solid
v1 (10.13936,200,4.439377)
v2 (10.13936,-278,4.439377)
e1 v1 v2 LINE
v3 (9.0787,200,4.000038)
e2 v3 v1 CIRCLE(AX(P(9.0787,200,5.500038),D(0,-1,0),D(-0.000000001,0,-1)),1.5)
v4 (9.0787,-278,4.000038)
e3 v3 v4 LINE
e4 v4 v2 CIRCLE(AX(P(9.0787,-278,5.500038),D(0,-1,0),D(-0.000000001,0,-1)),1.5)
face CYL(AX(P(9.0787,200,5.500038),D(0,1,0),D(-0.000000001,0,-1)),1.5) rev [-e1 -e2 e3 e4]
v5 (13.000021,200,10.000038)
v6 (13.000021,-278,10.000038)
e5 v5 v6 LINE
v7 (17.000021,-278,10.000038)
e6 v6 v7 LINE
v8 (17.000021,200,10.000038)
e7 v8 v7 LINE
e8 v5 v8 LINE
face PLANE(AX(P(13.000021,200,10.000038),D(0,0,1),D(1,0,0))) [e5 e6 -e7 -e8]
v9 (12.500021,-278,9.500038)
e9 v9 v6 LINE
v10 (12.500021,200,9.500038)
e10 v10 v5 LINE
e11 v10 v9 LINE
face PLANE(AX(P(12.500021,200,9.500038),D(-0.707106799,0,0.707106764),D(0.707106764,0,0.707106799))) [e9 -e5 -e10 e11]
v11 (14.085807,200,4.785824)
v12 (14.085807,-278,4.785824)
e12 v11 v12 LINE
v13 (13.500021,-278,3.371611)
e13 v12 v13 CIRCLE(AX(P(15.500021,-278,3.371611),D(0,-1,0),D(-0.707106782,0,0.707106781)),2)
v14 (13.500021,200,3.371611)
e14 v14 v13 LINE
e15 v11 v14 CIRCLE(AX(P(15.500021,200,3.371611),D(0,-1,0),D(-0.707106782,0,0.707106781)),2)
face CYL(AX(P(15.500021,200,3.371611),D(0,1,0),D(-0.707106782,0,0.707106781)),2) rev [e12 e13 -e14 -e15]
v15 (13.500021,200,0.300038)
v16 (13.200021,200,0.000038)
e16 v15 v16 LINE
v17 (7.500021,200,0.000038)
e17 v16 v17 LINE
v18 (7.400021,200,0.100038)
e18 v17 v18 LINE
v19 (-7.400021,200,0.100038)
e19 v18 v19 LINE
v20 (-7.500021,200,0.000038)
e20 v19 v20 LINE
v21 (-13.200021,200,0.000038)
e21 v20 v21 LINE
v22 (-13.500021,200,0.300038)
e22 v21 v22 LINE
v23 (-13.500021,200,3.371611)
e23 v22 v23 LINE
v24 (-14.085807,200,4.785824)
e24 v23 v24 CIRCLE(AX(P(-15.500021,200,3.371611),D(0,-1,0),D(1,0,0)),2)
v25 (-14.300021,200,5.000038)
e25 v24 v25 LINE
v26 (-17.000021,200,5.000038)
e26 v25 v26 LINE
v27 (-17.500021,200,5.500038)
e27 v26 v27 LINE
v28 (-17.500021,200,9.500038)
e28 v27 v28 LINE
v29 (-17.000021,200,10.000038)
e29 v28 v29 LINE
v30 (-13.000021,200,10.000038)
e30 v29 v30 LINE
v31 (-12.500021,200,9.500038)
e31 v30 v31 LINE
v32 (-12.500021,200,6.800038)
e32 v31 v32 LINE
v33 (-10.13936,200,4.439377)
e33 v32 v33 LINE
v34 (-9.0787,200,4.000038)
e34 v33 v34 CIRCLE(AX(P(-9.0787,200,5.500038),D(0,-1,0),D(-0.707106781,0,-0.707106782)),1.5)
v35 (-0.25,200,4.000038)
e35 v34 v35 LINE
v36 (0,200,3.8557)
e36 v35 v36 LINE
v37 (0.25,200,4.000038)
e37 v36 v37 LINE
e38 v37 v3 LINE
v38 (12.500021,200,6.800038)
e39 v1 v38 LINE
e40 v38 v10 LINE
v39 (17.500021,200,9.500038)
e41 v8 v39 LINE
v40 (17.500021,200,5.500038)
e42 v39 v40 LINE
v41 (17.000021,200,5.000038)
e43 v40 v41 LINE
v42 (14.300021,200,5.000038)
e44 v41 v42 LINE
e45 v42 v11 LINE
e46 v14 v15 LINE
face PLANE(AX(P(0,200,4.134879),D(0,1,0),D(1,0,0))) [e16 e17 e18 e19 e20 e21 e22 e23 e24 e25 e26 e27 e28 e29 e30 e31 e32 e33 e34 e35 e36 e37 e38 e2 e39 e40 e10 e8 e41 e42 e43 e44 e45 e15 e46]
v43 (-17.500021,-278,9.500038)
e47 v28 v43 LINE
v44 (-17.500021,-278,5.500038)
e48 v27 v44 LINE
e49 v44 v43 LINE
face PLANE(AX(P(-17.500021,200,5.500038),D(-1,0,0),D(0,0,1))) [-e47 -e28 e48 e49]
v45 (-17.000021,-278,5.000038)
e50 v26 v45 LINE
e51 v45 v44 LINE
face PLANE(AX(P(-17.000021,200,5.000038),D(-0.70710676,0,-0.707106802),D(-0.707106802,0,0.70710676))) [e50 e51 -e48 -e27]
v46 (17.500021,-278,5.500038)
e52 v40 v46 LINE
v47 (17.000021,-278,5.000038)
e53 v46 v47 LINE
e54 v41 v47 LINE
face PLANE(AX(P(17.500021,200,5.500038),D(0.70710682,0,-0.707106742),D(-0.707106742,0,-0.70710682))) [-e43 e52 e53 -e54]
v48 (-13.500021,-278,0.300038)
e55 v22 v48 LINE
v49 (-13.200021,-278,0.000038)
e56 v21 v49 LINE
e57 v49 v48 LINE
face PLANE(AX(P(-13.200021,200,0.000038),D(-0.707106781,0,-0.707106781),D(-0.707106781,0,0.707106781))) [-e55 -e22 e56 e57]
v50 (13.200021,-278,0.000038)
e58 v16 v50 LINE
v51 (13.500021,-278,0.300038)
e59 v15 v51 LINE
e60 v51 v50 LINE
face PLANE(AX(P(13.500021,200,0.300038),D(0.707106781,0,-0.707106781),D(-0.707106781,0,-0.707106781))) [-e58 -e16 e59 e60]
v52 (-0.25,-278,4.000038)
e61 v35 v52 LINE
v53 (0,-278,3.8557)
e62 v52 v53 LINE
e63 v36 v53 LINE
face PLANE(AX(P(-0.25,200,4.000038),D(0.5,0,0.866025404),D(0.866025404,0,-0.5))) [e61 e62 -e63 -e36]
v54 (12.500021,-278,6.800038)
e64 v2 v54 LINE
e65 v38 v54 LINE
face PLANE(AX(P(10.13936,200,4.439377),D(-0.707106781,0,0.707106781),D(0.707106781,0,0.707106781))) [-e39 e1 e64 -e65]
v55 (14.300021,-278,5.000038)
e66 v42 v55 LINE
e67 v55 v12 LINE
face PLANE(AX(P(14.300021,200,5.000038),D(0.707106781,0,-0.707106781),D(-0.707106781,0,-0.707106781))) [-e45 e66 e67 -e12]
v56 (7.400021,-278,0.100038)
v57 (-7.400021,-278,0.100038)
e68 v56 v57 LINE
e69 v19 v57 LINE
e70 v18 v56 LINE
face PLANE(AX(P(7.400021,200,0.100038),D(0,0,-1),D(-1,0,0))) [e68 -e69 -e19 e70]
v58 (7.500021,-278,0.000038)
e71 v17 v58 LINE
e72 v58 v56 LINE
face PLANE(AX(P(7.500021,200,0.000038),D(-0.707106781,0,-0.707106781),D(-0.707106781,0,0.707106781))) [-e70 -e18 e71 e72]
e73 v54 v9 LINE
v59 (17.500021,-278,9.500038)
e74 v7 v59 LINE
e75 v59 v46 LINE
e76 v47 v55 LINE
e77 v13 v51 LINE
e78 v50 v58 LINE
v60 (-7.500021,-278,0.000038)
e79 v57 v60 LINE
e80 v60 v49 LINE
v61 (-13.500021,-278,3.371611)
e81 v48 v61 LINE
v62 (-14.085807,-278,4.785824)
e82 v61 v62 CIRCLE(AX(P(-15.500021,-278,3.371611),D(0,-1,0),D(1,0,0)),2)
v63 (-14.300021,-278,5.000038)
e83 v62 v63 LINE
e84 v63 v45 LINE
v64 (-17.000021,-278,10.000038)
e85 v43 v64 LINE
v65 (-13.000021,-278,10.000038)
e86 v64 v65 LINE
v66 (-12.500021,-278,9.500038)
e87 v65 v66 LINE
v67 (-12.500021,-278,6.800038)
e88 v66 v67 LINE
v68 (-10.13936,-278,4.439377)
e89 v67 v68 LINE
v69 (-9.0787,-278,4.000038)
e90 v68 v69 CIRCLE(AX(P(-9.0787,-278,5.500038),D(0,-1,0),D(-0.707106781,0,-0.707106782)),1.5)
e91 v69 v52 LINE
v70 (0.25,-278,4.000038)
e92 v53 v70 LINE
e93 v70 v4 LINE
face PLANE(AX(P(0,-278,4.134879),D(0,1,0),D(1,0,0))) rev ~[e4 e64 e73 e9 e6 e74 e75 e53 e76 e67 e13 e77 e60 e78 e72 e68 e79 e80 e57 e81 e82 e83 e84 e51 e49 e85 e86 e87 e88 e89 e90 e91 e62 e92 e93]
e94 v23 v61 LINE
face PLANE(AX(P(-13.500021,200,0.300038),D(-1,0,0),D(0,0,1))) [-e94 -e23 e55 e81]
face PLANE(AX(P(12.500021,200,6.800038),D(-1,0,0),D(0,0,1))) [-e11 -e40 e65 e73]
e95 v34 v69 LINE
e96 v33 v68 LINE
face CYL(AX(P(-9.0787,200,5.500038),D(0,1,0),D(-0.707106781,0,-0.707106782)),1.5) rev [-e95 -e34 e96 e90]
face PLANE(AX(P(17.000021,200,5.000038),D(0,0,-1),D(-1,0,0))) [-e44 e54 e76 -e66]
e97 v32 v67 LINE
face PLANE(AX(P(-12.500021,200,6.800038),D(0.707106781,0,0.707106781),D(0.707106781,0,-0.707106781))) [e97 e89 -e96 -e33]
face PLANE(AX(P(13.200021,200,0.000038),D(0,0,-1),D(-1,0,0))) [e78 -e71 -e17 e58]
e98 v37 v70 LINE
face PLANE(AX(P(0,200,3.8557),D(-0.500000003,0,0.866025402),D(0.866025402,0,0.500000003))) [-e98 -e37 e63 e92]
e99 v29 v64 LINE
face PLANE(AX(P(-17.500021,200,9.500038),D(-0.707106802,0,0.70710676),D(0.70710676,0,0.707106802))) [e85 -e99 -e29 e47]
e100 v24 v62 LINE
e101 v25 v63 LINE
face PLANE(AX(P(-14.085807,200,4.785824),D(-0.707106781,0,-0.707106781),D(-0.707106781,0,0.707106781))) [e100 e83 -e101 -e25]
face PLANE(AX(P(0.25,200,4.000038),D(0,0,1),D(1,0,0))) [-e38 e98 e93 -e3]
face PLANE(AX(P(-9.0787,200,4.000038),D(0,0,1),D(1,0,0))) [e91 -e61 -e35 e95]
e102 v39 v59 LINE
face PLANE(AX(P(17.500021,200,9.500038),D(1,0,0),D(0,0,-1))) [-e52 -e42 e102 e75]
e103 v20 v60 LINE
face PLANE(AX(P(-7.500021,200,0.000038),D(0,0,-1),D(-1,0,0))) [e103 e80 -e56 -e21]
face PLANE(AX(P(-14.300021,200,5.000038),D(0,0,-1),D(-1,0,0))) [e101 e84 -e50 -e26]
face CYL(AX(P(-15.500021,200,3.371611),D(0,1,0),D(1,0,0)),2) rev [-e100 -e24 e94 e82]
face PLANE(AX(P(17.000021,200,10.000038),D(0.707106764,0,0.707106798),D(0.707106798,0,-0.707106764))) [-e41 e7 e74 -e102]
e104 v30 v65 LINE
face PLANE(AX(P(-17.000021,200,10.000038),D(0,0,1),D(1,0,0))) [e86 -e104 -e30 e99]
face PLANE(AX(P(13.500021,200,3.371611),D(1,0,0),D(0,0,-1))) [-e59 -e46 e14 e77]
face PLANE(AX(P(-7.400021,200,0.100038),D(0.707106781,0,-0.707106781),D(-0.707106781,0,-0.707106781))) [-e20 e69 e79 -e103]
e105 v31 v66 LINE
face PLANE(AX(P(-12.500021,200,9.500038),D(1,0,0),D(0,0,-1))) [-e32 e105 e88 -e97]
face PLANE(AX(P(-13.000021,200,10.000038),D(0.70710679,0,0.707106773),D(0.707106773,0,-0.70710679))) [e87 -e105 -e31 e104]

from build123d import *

# Parameters (mm, degrees)
BOSS_EXTRUDE1_DEPTH = 478


with BuildPart() as part:
    # Sketch1 → Boss-Extrude1 (new body)
    with BuildSketch(Plane(origin=(0, 200, 0), x_dir=(1, 0, 0), z_dir=(0, 1, 0))):
        with BuildLine():
            Line((1e-09, -3.855700002), (0.25, -4.00003757))
            Line((0.25, -4.00003757), (9.078700232, -4.00003757))
            ThreePointArc((9.078700232, -4.00003757), (9.652725366, -4.114218268), (10.139360377, -4.439377387))
            Line((10.139360377, -4.439377387), (12.500020747, -6.800037757))
            Line((12.500020747, -6.800037757), (12.500020747, -9.500037757))
            Line((12.500020747, -9.500037757), (13.00002072, -10.000037755))
            Line((13.00002072, -10.000037755), (17.00002072, -10.000037755))
            Line((17.00002072, -10.000037755), (17.500020747, -9.500037752))
            Line((17.500020747, -9.500037752), (17.500020747, -5.500037752))
            Line((17.500020747, -5.500037752), (17.00002075, -5.0000377))
            Line((17.00002075, -5.0000377), (14.30002072, -5.0000377))
            Line((14.30002072, -5.0000377), (14.085807141, -4.785824121))
            ThreePointArc((14.085807141, -4.785824121), (13.652261651, -4.136977442), (13.50002072, -3.371610598))
            Line((13.50002072, -3.371610598), (13.50002072, -0.30003757))
            Line((13.50002072, -0.30003757), (13.20002072, -3.757e-05))
            Line((13.20002072, -3.757e-05), (7.50002072, -3.757e-05))
            Line((7.50002072, -3.757e-05), (7.40002072, -0.10003757))
            Line((7.40002072, -0.10003757), (-7.40002072, -0.10003757))
            Line((-7.40002072, -0.10003757), (-7.50002072, -3.757e-05))
            Line((-7.50002072, -3.757e-05), (-13.20002072, -3.757e-05))
            Line((-13.20002072, -3.757e-05), (-13.50002072, -0.30003757))
            Line((-13.50002072, -0.30003757), (-13.50002072, -3.371610628))
            ThreePointArc((-13.50002072, -3.371610628), (-13.652261651, -4.136977472), (-14.085807141, -4.785824151))
            Line((-14.085807141, -4.785824151), (-14.30002069, -5.0000377))
            Line((-14.30002069, -5.0000377), (-17.00002072, -5.0000377))
            Line((-17.00002072, -5.0000377), (-17.50002072, -5.50003767))
            Line((-17.50002072, -5.50003767), (-17.50002072, -9.50003767))
            Line((-17.50002072, -9.50003767), (-17.000020665, -10.000037755))
            Line((-17.000020665, -10.000037755), (-13.00002072, -10.000037755))
            Line((-13.00002072, -10.000037755), (-12.500020741, -9.500037764))
            Line((-12.500020741, -9.500037764), (-12.500020741, -6.800037764))
            Line((-12.500020741, -6.800037764), (-10.139360364, -4.439377387))
            ThreePointArc((-10.139360364, -4.439377387), (-9.652725352, -4.114218268), (-9.078700218, -4.00003757))
            Line((-9.078700218, -4.00003757), (-0.25, -4.00003757))
            Line((-0.25, -4.00003757), (1e-09, -3.855700002))
        make_face()
    extrude(amount=-BOSS_EXTRUDE1_DEPTH)


solid = part.part
